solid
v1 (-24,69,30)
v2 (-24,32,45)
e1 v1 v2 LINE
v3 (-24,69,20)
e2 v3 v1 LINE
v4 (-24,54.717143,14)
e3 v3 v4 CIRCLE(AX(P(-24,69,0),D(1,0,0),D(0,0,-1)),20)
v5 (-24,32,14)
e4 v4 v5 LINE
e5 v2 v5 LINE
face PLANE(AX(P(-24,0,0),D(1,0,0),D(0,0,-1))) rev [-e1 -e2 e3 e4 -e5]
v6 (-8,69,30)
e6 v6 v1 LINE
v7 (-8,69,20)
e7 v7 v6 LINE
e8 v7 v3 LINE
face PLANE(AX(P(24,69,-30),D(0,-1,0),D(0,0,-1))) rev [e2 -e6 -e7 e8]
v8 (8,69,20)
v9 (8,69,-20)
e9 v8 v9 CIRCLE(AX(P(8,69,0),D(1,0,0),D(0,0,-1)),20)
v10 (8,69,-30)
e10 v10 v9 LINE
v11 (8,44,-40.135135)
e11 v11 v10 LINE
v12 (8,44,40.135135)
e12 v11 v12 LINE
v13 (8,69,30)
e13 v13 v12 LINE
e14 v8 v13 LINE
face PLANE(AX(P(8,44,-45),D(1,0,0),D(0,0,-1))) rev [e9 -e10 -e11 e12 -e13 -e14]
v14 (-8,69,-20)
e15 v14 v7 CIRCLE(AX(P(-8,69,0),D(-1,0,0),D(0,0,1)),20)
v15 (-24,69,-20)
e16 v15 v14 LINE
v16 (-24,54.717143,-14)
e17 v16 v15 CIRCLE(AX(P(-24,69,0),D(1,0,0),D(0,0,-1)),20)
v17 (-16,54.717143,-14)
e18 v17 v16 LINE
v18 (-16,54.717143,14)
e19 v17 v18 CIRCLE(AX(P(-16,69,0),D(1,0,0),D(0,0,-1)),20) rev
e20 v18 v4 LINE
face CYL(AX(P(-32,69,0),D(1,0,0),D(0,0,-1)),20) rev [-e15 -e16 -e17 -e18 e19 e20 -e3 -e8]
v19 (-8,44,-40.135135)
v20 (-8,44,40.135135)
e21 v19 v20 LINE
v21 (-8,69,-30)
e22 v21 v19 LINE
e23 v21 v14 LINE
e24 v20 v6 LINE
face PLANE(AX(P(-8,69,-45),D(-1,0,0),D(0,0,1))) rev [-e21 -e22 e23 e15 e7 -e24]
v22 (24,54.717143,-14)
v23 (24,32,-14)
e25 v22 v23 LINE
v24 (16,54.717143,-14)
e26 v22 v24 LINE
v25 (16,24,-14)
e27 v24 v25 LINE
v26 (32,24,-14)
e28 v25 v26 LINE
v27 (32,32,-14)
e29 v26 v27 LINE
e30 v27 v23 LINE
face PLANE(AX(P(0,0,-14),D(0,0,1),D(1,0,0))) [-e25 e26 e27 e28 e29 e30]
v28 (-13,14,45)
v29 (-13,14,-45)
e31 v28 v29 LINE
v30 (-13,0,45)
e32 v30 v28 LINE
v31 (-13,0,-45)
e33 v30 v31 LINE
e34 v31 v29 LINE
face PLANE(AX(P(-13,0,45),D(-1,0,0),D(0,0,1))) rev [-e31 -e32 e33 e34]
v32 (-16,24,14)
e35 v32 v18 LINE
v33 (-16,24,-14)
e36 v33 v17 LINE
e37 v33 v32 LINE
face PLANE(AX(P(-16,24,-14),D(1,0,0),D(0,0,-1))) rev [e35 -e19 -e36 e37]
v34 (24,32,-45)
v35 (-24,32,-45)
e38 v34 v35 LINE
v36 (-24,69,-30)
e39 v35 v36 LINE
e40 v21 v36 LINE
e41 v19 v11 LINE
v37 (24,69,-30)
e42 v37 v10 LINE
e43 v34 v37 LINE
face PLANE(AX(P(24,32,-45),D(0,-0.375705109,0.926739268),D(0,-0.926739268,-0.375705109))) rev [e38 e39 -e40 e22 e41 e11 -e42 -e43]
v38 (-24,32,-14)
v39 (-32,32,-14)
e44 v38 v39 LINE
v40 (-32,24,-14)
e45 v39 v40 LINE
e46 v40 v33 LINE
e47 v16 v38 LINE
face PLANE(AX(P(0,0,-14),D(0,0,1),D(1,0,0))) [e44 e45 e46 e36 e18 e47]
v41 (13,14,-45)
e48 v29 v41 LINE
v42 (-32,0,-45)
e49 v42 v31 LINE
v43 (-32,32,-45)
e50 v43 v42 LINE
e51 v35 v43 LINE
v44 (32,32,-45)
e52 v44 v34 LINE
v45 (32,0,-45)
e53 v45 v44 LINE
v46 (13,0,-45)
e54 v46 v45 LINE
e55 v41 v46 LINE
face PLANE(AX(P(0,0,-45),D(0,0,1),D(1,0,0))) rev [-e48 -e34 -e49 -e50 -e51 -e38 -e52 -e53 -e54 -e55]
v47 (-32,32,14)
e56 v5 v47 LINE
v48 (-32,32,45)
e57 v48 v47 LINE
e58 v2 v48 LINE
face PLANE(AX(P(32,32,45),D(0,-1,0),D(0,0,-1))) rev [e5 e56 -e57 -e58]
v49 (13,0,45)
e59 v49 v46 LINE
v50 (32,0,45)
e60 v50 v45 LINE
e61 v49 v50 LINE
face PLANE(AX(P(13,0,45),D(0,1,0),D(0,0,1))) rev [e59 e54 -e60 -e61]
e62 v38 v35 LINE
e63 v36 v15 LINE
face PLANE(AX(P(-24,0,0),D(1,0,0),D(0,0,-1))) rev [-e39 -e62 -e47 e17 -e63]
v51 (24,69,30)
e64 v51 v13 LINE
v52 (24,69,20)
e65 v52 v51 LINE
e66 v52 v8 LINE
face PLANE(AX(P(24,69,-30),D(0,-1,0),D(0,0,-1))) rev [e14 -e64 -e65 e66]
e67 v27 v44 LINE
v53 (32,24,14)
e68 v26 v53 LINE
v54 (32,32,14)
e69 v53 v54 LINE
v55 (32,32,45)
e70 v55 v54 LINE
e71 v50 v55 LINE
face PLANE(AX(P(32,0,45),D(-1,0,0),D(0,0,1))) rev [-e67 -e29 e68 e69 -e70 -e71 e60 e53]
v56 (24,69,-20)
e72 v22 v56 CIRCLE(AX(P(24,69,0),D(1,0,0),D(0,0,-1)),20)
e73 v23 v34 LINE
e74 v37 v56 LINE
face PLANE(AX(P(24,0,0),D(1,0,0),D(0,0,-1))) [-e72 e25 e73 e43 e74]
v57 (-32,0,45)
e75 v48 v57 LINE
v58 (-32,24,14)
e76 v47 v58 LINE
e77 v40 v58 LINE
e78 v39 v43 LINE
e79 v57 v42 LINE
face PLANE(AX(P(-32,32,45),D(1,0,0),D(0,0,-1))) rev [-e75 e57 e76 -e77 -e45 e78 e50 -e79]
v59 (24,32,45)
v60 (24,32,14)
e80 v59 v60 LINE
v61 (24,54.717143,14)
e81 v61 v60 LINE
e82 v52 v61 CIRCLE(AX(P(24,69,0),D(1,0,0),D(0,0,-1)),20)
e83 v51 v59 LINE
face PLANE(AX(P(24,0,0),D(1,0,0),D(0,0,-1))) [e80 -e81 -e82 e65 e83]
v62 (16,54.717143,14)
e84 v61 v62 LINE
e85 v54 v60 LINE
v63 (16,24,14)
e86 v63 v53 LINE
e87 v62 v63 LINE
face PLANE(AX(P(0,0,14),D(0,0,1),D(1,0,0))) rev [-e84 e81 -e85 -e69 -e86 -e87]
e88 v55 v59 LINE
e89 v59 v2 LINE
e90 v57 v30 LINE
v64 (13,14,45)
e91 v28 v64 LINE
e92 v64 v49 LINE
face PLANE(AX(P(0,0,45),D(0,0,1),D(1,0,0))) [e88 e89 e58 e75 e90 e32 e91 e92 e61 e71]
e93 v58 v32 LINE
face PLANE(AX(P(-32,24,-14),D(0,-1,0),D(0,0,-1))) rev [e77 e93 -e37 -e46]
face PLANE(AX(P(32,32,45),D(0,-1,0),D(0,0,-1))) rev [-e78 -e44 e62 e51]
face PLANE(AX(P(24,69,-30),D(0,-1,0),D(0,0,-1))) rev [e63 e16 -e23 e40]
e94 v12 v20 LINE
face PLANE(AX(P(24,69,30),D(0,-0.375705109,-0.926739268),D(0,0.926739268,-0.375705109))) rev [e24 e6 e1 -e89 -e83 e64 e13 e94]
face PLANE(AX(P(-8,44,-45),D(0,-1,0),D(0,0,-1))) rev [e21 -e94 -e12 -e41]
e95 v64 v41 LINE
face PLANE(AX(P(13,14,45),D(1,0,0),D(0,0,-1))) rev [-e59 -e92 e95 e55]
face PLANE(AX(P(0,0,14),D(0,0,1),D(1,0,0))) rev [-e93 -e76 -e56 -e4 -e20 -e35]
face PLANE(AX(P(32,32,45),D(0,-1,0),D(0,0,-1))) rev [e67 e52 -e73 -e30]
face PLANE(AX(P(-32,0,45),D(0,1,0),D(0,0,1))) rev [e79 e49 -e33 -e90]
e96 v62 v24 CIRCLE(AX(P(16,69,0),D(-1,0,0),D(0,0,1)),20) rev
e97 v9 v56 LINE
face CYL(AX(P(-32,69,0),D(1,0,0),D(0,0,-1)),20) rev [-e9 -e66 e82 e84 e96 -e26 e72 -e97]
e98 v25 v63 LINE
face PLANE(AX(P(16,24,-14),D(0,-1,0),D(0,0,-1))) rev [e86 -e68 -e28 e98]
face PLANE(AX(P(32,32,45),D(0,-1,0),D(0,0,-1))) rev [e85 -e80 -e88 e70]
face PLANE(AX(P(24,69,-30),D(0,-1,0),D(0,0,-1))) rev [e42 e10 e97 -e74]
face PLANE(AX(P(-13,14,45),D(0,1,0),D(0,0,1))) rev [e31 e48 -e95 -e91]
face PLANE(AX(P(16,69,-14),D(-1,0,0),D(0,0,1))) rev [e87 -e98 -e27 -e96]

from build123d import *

# Parameters (mm, degrees)
BOSS_EXTRUDE1_DEPTH     = 45
BOSS_EXTRUDE2_DEPTH     = 24
CUT_EXTRUDE1_DEPTH      = 89.374204381
CUT_EXTRUDE1_DEPTH_BACK = 89.374204381
SKETCH3_W               = 16
SKETCH3_H               = 25
SKETCH4_R               = 20
CUT_EXTRUDE2_DEPTH      = 100.60923652
SKETCH5_W               = 16
SKETCH5_H               = 45
CUT_EXTRUDE3_DEPTH      = 14


with BuildPart() as part:
    # Sketch1 → Boss-Extrude1 (new, symmetric)
    with BuildSketch(Plane.XY):
        Polygon((-32, 0), (-13, 0), (-13, 14), (13, 14), (13, 0), (32, 0), (32, 32), (-32, 32), align=None)
    extrude(amount=BOSS_EXTRUDE1_DEPTH, both=True)

    # Sketch2 → Boss-Extrude2 (add, symmetric)
    with BuildSketch(Plane(origin=(0, 0, 0), x_dir=(0, 0, -1), z_dir=(1, 0, 0))):
        Polygon((-45, 32), (45, 32), (30, 69), (-30, 69), align=None)
    extrude(amount=BOSS_EXTRUDE2_DEPTH, both=True)

    # Sketch3 → Cut-Extrude1 (cut, two sides: drawn at the far end of the back side and taken through both)
    with BuildSketch(Plane.XY.offset(-CUT_EXTRUDE1_DEPTH_BACK)):
        with Locations((0, 56.5)):
            Rectangle(SKETCH3_W, SKETCH3_H)
    extrude(amount=CUT_EXTRUDE1_DEPTH + CUT_EXTRUDE1_DEPTH_BACK, mode=Mode.SUBTRACT)

    # Sketch4 → Cut-Extrude2 (cut, through all)
    with BuildSketch(Plane(origin=(24, 0, 0), x_dir=(0, 0, -1), z_dir=(1, 0, 0))):
        with Locations((0, 69)):
            Circle(SKETCH4_R)
    extrude(amount=-CUT_EXTRUDE2_DEPTH, mode=Mode.SUBTRACT)

    # Sketch5 → Cut-Extrude3 (cut, symmetric)
    with BuildSketch(Plane.XY):
        with Locations((-24, 46.5)):
            Rectangle(SKETCH5_W, SKETCH5_H)
        with Locations((24, 46.5)):
            Rectangle(SKETCH5_W, SKETCH5_H)
    extrude(amount=CUT_EXTRUDE3_DEPTH, both=True, mode=Mode.SUBTRACT)


solid = part.part
